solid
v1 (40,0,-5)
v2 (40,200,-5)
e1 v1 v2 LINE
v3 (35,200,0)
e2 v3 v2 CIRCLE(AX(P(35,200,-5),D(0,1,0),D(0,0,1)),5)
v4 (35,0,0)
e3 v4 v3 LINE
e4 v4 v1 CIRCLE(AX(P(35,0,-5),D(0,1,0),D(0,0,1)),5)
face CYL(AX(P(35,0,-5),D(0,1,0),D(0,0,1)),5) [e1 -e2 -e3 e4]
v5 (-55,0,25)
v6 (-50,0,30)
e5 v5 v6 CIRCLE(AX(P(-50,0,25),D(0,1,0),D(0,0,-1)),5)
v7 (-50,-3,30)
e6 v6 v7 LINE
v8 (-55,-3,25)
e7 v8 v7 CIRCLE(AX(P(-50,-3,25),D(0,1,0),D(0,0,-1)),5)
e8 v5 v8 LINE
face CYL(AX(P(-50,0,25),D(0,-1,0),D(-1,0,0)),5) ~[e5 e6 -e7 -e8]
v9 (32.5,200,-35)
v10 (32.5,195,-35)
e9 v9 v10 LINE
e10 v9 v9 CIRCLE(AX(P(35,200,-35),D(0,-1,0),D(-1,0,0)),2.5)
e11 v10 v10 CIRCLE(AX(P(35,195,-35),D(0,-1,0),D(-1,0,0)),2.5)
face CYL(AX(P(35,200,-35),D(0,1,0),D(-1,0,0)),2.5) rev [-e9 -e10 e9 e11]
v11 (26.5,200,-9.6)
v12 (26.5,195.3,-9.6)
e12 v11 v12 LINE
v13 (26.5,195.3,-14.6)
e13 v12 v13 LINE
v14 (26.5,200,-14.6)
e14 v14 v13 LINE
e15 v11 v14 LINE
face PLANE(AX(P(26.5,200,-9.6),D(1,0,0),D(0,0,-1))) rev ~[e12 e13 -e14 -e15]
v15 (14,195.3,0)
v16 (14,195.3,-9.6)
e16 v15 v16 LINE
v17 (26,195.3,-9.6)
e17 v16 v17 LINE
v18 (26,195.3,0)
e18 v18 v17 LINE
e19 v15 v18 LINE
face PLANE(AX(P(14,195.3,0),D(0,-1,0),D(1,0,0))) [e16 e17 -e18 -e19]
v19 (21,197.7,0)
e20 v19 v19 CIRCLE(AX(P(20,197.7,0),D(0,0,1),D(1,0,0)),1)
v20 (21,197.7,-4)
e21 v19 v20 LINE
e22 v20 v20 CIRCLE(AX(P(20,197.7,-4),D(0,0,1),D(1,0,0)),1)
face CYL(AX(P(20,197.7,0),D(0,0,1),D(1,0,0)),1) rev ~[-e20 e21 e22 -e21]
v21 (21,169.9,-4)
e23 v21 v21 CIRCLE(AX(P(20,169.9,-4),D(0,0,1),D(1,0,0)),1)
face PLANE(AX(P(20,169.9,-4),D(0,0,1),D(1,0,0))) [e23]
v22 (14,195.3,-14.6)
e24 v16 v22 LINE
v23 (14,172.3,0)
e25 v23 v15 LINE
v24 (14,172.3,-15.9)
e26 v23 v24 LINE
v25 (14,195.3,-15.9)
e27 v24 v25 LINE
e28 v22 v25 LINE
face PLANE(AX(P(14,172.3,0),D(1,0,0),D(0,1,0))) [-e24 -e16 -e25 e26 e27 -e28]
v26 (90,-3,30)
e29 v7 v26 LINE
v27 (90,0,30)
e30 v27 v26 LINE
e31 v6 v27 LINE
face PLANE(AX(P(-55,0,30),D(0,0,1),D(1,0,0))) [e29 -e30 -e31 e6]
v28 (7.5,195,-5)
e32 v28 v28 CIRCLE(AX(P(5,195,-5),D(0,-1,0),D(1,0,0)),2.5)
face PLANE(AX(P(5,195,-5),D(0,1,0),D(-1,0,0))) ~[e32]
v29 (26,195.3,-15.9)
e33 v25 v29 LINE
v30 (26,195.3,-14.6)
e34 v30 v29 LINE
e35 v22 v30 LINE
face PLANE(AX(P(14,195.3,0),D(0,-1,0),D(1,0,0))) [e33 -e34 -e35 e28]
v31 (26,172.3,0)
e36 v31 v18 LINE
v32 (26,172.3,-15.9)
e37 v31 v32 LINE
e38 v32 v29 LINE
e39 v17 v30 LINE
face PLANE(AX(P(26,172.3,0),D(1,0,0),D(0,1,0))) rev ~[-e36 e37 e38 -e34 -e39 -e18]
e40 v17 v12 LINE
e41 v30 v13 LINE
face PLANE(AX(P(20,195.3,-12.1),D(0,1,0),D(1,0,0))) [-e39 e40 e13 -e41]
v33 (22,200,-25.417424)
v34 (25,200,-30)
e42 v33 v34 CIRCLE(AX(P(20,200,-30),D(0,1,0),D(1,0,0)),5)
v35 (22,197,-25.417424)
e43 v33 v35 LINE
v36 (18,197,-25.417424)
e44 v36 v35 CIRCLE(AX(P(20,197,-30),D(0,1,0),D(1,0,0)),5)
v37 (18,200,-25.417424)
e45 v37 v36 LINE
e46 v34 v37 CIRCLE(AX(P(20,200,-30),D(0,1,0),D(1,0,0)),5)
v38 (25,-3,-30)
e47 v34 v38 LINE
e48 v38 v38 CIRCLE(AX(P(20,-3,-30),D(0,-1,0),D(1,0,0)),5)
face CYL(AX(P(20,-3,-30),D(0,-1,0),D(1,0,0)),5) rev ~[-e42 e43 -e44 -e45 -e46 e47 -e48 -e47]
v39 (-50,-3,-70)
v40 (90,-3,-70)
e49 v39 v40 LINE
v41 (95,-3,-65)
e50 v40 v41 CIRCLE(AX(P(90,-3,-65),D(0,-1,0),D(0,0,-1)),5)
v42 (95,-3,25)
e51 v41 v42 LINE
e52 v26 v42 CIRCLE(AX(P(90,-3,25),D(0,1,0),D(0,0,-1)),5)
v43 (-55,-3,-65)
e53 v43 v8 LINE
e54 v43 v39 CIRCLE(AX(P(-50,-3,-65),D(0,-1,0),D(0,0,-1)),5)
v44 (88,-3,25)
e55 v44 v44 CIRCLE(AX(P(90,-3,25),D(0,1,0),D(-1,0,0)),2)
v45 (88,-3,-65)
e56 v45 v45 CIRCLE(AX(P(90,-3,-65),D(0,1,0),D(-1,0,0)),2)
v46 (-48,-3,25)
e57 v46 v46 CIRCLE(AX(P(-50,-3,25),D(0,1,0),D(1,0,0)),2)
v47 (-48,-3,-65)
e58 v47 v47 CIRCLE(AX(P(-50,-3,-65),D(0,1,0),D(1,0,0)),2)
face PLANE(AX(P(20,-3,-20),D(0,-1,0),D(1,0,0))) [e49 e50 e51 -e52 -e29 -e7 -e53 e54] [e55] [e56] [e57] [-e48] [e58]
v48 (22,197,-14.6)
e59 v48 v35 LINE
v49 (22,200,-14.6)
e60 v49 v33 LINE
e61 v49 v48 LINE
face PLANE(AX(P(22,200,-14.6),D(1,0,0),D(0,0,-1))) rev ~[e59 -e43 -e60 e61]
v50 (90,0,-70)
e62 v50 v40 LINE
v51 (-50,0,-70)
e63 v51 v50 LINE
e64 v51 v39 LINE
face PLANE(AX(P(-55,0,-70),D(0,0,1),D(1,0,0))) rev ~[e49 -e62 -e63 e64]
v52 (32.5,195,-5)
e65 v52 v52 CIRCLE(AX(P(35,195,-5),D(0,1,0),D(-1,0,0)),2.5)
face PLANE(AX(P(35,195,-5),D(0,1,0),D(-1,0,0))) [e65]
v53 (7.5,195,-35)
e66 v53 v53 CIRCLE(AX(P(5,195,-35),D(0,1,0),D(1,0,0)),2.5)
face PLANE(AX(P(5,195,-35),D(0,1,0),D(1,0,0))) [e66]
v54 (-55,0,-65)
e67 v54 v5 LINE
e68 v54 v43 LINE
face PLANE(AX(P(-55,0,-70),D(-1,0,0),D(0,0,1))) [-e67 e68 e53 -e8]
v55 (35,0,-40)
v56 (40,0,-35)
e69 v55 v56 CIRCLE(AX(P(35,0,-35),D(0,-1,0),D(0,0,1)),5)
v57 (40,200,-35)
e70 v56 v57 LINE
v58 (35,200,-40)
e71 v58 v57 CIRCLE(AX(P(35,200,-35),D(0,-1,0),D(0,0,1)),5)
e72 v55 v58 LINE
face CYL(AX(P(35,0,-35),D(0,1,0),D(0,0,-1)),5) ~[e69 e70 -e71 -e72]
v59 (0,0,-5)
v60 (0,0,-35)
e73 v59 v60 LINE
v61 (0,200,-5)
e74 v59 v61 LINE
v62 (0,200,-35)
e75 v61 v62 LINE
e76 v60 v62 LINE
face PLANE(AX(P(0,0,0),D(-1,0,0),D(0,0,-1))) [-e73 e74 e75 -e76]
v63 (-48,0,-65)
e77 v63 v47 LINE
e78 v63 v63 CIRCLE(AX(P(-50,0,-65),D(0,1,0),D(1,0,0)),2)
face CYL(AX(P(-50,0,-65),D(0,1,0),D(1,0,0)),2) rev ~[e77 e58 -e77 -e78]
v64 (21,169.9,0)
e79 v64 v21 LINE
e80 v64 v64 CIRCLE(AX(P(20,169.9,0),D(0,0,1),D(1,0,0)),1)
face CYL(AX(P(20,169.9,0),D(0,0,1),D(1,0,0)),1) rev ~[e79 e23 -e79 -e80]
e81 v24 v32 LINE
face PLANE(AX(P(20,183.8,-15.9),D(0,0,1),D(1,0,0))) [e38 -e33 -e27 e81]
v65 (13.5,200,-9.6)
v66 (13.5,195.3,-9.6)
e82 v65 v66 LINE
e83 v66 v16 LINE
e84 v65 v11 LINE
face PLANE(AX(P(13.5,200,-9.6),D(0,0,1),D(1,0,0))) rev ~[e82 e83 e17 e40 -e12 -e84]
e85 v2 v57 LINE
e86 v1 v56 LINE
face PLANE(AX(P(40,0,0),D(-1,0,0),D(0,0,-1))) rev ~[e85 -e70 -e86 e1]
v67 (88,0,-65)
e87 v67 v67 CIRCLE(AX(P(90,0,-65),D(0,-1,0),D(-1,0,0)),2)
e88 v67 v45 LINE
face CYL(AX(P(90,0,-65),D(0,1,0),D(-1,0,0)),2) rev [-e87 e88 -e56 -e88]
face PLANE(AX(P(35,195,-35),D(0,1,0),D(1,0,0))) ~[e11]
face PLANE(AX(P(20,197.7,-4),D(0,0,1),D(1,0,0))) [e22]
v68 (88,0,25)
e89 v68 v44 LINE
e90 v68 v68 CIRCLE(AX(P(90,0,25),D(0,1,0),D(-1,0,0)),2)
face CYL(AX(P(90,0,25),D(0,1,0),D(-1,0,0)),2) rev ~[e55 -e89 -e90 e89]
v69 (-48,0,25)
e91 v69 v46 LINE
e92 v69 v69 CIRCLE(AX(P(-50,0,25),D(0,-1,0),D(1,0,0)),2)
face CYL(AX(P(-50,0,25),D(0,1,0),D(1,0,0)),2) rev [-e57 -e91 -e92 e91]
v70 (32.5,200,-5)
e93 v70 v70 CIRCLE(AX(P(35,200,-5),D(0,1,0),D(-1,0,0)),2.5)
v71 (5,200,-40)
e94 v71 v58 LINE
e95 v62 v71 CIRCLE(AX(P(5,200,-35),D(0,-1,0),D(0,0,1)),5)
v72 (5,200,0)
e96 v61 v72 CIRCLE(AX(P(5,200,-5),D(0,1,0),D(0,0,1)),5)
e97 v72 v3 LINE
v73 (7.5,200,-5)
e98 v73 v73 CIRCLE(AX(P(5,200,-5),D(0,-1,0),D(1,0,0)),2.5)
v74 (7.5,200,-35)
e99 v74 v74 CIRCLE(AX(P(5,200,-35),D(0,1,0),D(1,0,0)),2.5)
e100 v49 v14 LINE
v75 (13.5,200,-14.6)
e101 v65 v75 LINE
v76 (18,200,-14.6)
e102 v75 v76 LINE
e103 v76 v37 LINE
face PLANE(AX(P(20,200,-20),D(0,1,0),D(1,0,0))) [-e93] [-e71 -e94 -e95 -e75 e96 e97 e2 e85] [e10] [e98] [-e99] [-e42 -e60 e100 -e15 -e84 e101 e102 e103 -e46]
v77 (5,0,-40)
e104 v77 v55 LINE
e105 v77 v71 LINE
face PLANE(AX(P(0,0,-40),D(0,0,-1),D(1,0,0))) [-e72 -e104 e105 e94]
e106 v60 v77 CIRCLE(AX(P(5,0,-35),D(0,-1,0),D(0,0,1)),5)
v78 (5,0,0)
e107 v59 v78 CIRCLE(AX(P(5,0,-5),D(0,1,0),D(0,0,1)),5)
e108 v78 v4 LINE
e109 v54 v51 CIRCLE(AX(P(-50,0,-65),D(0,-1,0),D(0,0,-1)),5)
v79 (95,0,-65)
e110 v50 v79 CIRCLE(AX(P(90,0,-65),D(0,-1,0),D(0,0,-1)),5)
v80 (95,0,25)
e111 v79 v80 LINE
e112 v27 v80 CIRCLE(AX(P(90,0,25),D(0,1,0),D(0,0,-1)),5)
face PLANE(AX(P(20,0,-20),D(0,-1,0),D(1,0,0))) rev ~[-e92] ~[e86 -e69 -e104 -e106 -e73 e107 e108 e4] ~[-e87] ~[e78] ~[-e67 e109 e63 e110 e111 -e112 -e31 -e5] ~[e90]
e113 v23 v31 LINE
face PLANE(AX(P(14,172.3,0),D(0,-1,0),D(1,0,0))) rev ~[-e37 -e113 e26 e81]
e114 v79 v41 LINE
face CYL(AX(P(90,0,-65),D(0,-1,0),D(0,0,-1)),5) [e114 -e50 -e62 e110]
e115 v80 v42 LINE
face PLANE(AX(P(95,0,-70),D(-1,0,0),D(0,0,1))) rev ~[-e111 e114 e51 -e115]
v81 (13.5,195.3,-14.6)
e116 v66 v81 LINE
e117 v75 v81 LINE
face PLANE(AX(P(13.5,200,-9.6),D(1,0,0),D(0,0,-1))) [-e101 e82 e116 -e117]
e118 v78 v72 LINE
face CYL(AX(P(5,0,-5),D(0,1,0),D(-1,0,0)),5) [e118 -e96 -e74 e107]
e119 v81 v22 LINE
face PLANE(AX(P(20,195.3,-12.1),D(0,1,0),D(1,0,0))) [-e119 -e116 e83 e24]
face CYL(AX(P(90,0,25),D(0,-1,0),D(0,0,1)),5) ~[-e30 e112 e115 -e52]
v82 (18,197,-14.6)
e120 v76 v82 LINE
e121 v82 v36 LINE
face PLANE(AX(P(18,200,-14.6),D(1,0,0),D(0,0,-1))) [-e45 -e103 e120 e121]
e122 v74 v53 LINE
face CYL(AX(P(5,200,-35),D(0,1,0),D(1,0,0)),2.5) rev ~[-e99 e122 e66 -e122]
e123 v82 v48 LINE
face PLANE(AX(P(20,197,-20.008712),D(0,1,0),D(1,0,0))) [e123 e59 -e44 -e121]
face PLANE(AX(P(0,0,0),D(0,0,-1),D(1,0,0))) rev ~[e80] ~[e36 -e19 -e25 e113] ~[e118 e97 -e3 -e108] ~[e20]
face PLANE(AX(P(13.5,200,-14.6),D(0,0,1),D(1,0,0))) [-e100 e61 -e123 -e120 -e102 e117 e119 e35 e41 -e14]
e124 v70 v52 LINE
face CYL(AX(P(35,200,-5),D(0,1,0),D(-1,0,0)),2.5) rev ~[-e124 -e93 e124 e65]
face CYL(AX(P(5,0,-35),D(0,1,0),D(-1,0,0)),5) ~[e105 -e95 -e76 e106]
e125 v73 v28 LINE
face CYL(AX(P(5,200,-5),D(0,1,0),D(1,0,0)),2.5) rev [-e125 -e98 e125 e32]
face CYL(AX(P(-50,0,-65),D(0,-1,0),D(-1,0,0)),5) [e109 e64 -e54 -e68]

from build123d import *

# Parameters (mm, degrees)
SKETCH1_W               = 40
SKETCH1_H               = 40
BOSS_EXTRUDE1_DEPTH     = 200
SKETCH2_W               = 12
SKETCH2_H               = 23
CUT_EXTRUDE1_DEPTH      = 15.9
SKETCH3_R               = 1
CUT_EXTRUDE2_DEPTH      = 4
SKETCH4_R               = 5
CUT_EXTRUDE3_DEPTH      = 201
SKETCH5_W               = 13
SKETCH5_H               = 5
CUT_EXTRUDE4_DEPTH      = 4.7
SKETCH6_W               = 4
SKETCH6_H               = 10.817424305
CUT_EXTRUDE5_DEPTH      = 3
FILLET1_R               = 5
SKETCH7_W               = 150
SKETCH7_H               = 100
BOSS_EXTRUDE2_DEPTH     = 3
SKETCH9_R               = 5
CUT_EXTRUDE6_DEPTH      = 3
SKETCH10_R              = 2
CUT_EXTRUDE7_DEPTH      = 4
MIRROR2_COPY_1_SKETCH_R = 2
MIRROR2_COPY_1_DEPTH    = 4
SKETCH11_R              = 2.5
CUT_EXTRUDE8_DEPTH      = 5
MIRROR4_COPY_1_SKETCH_R = 2.5
MIRROR4_COPY_1_DEPTH    = 5
FILLET2_R               = 5


with BuildPart() as part:
    # Sketch1 → Boss-Extrude1 (new body)
    with BuildSketch(Plane(origin=(0, 0, 0), x_dir=(1, 0, 0), z_dir=(0, 1, 0))):
        with Locations((20, 20)):
            Rectangle(SKETCH1_W, SKETCH1_H)
    extrude(amount=BOSS_EXTRUDE1_DEPTH)

    # Sketch2 → Cut-Extrude1 (cut)
    with BuildSketch(Plane.XY):
        with Locations((20, 183.8)):
            Rectangle(SKETCH2_W, SKETCH2_H)
    extrude(amount=-CUT_EXTRUDE1_DEPTH, mode=Mode.SUBTRACT)

    # Sketch3 → Cut-Extrude2 (cut)
    with BuildSketch(Plane.XY):
        with Locations((20, 197.7)):
            Circle(SKETCH3_R)
        with Locations((20, 169.9)):
            Circle(SKETCH3_R)
    extrude(amount=-CUT_EXTRUDE2_DEPTH, mode=Mode.SUBTRACT)

    # Sketch4 → Cut-Extrude3 (cut, through all)
    with BuildSketch(Plane(origin=(0, 200, 0), x_dir=(1, 0, 0), z_dir=(0, 1, 0))):
        with Locations((20, 30)):
            Circle(SKETCH4_R)
    extrude(amount=-CUT_EXTRUDE3_DEPTH, mode=Mode.SUBTRACT)

    # Sketch5 → Cut-Extrude4 (cut)
    with BuildSketch(Plane(origin=(0, 200, 0), x_dir=(1, 0, 0), z_dir=(0, 1, 0))):
        with Locations((20, 12.1)):
            Rectangle(SKETCH5_W, SKETCH5_H)
    extrude(amount=-CUT_EXTRUDE4_DEPTH, mode=Mode.SUBTRACT)

    # Sketch6 → Cut-Extrude5 (cut)
    with BuildSketch(Plane(origin=(0, 200, 0), x_dir=(1, 0, 0), z_dir=(0, 1, 0))):
        with Locations((20, 20.008712153)):
            Rectangle(SKETCH6_W, SKETCH6_H)
    extrude(amount=-CUT_EXTRUDE5_DEPTH, mode=Mode.SUBTRACT)

    # Fillet1
    fillet1_edges = [part.edges().sort_by_distance(p)[0] for p in [
        (0, 100, -40),
        (40, 100, -40),
        (40, 100, 0),
        (0, 100, 0),
    ]]
    fillet(fillet1_edges, radius=FILLET1_R)

    # Sketch7 → Boss-Extrude2 (add)
    with BuildSketch(Plane.XZ):
        with Locations((20, -20)):
            Rectangle(SKETCH7_W, SKETCH7_H)
    extrude(amount=BOSS_EXTRUDE2_DEPTH)

    # Sketch9 → Cut-Extrude6 (cut)
    with BuildSketch(Plane.XZ.offset(3)):
        with Locations((20, -30)):
            Circle(SKETCH9_R)
    extrude(amount=-CUT_EXTRUDE6_DEPTH, mode=Mode.SUBTRACT)

    # Sketch10 → Cut-Extrude7 (cut, through all)
    with BuildSketch(Plane(origin=(0, 0, 0), x_dir=(1, 0, 0), z_dir=(0, 1, 0))):
        with Locations((-50, 65)):
            Circle(SKETCH10_R)
    cut_extrude7 = extrude(amount=-CUT_EXTRUDE7_DEPTH, mode=Mode.SUBTRACT)

    # Mirror1: Cut-Extrude7 across plane
    add(cut_extrude7.mirror(Plane.ZY.offset(-20)), mode=Mode.SUBTRACT)

    # Mirror2: Cut-Extrude7 across plane
    add(cut_extrude7.mirror(Plane(origin=(0, 0, -20), x_dir=(1, 0, 0), z_dir=(0, 0, -1))), mode=Mode.SUBTRACT)

    # Mirror2 copy 1 sketch → Mirror2 copy 1 (cut, through all)
    with BuildSketch(Plane(origin=(40, 0, -40), x_dir=(-1, 0, 0), z_dir=(0, 1, 0))):
        with Locations((-50, 65)):
            Circle(MIRROR2_COPY_1_SKETCH_R)
    extrude(amount=-MIRROR2_COPY_1_DEPTH, mode=Mode.SUBTRACT)

    # Sketch11 → Cut-Extrude8 (cut)
    with BuildSketch(Plane(origin=(0, 200, 0), x_dir=(1, 0, 0), z_dir=(0, 1, 0))):
        with Locations((5, 35)):
            Circle(SKETCH11_R)
    cut_extrude8 = extrude(amount=-CUT_EXTRUDE8_DEPTH, mode=Mode.SUBTRACT)

    # Mirror3: Cut-Extrude8 across plane
    add(cut_extrude8.mirror(Plane(origin=(0, 0, -20), x_dir=(1, 0, 0), z_dir=(0, 0, -1))), mode=Mode.SUBTRACT)

    # Mirror4: Cut-Extrude8 across plane
    add(cut_extrude8.mirror(Plane.ZY.offset(-20)), mode=Mode.SUBTRACT)

    # Mirror4 copy 1 sketch → Mirror4 copy 1 (cut)
    with BuildSketch(Plane(origin=(40, 200, -40), x_dir=(-1, 0, 0), z_dir=(0, 1, 0))):
        with Locations((5, 35)):
            Circle(MIRROR4_COPY_1_SKETCH_R)
    extrude(amount=-MIRROR4_COPY_1_DEPTH, mode=Mode.SUBTRACT)

    # Fillet2
    fillet2_edges = [part.edges().sort_by_distance(p)[0] for p in [
        (-55, -1.5, 30),
        (-55, -1.5, -70),
        (95, -1.5, -70),
        (95, -1.5, 30),
    ]]
    fillet(fillet2_edges, radius=FILLET2_R)


solid = part.part
